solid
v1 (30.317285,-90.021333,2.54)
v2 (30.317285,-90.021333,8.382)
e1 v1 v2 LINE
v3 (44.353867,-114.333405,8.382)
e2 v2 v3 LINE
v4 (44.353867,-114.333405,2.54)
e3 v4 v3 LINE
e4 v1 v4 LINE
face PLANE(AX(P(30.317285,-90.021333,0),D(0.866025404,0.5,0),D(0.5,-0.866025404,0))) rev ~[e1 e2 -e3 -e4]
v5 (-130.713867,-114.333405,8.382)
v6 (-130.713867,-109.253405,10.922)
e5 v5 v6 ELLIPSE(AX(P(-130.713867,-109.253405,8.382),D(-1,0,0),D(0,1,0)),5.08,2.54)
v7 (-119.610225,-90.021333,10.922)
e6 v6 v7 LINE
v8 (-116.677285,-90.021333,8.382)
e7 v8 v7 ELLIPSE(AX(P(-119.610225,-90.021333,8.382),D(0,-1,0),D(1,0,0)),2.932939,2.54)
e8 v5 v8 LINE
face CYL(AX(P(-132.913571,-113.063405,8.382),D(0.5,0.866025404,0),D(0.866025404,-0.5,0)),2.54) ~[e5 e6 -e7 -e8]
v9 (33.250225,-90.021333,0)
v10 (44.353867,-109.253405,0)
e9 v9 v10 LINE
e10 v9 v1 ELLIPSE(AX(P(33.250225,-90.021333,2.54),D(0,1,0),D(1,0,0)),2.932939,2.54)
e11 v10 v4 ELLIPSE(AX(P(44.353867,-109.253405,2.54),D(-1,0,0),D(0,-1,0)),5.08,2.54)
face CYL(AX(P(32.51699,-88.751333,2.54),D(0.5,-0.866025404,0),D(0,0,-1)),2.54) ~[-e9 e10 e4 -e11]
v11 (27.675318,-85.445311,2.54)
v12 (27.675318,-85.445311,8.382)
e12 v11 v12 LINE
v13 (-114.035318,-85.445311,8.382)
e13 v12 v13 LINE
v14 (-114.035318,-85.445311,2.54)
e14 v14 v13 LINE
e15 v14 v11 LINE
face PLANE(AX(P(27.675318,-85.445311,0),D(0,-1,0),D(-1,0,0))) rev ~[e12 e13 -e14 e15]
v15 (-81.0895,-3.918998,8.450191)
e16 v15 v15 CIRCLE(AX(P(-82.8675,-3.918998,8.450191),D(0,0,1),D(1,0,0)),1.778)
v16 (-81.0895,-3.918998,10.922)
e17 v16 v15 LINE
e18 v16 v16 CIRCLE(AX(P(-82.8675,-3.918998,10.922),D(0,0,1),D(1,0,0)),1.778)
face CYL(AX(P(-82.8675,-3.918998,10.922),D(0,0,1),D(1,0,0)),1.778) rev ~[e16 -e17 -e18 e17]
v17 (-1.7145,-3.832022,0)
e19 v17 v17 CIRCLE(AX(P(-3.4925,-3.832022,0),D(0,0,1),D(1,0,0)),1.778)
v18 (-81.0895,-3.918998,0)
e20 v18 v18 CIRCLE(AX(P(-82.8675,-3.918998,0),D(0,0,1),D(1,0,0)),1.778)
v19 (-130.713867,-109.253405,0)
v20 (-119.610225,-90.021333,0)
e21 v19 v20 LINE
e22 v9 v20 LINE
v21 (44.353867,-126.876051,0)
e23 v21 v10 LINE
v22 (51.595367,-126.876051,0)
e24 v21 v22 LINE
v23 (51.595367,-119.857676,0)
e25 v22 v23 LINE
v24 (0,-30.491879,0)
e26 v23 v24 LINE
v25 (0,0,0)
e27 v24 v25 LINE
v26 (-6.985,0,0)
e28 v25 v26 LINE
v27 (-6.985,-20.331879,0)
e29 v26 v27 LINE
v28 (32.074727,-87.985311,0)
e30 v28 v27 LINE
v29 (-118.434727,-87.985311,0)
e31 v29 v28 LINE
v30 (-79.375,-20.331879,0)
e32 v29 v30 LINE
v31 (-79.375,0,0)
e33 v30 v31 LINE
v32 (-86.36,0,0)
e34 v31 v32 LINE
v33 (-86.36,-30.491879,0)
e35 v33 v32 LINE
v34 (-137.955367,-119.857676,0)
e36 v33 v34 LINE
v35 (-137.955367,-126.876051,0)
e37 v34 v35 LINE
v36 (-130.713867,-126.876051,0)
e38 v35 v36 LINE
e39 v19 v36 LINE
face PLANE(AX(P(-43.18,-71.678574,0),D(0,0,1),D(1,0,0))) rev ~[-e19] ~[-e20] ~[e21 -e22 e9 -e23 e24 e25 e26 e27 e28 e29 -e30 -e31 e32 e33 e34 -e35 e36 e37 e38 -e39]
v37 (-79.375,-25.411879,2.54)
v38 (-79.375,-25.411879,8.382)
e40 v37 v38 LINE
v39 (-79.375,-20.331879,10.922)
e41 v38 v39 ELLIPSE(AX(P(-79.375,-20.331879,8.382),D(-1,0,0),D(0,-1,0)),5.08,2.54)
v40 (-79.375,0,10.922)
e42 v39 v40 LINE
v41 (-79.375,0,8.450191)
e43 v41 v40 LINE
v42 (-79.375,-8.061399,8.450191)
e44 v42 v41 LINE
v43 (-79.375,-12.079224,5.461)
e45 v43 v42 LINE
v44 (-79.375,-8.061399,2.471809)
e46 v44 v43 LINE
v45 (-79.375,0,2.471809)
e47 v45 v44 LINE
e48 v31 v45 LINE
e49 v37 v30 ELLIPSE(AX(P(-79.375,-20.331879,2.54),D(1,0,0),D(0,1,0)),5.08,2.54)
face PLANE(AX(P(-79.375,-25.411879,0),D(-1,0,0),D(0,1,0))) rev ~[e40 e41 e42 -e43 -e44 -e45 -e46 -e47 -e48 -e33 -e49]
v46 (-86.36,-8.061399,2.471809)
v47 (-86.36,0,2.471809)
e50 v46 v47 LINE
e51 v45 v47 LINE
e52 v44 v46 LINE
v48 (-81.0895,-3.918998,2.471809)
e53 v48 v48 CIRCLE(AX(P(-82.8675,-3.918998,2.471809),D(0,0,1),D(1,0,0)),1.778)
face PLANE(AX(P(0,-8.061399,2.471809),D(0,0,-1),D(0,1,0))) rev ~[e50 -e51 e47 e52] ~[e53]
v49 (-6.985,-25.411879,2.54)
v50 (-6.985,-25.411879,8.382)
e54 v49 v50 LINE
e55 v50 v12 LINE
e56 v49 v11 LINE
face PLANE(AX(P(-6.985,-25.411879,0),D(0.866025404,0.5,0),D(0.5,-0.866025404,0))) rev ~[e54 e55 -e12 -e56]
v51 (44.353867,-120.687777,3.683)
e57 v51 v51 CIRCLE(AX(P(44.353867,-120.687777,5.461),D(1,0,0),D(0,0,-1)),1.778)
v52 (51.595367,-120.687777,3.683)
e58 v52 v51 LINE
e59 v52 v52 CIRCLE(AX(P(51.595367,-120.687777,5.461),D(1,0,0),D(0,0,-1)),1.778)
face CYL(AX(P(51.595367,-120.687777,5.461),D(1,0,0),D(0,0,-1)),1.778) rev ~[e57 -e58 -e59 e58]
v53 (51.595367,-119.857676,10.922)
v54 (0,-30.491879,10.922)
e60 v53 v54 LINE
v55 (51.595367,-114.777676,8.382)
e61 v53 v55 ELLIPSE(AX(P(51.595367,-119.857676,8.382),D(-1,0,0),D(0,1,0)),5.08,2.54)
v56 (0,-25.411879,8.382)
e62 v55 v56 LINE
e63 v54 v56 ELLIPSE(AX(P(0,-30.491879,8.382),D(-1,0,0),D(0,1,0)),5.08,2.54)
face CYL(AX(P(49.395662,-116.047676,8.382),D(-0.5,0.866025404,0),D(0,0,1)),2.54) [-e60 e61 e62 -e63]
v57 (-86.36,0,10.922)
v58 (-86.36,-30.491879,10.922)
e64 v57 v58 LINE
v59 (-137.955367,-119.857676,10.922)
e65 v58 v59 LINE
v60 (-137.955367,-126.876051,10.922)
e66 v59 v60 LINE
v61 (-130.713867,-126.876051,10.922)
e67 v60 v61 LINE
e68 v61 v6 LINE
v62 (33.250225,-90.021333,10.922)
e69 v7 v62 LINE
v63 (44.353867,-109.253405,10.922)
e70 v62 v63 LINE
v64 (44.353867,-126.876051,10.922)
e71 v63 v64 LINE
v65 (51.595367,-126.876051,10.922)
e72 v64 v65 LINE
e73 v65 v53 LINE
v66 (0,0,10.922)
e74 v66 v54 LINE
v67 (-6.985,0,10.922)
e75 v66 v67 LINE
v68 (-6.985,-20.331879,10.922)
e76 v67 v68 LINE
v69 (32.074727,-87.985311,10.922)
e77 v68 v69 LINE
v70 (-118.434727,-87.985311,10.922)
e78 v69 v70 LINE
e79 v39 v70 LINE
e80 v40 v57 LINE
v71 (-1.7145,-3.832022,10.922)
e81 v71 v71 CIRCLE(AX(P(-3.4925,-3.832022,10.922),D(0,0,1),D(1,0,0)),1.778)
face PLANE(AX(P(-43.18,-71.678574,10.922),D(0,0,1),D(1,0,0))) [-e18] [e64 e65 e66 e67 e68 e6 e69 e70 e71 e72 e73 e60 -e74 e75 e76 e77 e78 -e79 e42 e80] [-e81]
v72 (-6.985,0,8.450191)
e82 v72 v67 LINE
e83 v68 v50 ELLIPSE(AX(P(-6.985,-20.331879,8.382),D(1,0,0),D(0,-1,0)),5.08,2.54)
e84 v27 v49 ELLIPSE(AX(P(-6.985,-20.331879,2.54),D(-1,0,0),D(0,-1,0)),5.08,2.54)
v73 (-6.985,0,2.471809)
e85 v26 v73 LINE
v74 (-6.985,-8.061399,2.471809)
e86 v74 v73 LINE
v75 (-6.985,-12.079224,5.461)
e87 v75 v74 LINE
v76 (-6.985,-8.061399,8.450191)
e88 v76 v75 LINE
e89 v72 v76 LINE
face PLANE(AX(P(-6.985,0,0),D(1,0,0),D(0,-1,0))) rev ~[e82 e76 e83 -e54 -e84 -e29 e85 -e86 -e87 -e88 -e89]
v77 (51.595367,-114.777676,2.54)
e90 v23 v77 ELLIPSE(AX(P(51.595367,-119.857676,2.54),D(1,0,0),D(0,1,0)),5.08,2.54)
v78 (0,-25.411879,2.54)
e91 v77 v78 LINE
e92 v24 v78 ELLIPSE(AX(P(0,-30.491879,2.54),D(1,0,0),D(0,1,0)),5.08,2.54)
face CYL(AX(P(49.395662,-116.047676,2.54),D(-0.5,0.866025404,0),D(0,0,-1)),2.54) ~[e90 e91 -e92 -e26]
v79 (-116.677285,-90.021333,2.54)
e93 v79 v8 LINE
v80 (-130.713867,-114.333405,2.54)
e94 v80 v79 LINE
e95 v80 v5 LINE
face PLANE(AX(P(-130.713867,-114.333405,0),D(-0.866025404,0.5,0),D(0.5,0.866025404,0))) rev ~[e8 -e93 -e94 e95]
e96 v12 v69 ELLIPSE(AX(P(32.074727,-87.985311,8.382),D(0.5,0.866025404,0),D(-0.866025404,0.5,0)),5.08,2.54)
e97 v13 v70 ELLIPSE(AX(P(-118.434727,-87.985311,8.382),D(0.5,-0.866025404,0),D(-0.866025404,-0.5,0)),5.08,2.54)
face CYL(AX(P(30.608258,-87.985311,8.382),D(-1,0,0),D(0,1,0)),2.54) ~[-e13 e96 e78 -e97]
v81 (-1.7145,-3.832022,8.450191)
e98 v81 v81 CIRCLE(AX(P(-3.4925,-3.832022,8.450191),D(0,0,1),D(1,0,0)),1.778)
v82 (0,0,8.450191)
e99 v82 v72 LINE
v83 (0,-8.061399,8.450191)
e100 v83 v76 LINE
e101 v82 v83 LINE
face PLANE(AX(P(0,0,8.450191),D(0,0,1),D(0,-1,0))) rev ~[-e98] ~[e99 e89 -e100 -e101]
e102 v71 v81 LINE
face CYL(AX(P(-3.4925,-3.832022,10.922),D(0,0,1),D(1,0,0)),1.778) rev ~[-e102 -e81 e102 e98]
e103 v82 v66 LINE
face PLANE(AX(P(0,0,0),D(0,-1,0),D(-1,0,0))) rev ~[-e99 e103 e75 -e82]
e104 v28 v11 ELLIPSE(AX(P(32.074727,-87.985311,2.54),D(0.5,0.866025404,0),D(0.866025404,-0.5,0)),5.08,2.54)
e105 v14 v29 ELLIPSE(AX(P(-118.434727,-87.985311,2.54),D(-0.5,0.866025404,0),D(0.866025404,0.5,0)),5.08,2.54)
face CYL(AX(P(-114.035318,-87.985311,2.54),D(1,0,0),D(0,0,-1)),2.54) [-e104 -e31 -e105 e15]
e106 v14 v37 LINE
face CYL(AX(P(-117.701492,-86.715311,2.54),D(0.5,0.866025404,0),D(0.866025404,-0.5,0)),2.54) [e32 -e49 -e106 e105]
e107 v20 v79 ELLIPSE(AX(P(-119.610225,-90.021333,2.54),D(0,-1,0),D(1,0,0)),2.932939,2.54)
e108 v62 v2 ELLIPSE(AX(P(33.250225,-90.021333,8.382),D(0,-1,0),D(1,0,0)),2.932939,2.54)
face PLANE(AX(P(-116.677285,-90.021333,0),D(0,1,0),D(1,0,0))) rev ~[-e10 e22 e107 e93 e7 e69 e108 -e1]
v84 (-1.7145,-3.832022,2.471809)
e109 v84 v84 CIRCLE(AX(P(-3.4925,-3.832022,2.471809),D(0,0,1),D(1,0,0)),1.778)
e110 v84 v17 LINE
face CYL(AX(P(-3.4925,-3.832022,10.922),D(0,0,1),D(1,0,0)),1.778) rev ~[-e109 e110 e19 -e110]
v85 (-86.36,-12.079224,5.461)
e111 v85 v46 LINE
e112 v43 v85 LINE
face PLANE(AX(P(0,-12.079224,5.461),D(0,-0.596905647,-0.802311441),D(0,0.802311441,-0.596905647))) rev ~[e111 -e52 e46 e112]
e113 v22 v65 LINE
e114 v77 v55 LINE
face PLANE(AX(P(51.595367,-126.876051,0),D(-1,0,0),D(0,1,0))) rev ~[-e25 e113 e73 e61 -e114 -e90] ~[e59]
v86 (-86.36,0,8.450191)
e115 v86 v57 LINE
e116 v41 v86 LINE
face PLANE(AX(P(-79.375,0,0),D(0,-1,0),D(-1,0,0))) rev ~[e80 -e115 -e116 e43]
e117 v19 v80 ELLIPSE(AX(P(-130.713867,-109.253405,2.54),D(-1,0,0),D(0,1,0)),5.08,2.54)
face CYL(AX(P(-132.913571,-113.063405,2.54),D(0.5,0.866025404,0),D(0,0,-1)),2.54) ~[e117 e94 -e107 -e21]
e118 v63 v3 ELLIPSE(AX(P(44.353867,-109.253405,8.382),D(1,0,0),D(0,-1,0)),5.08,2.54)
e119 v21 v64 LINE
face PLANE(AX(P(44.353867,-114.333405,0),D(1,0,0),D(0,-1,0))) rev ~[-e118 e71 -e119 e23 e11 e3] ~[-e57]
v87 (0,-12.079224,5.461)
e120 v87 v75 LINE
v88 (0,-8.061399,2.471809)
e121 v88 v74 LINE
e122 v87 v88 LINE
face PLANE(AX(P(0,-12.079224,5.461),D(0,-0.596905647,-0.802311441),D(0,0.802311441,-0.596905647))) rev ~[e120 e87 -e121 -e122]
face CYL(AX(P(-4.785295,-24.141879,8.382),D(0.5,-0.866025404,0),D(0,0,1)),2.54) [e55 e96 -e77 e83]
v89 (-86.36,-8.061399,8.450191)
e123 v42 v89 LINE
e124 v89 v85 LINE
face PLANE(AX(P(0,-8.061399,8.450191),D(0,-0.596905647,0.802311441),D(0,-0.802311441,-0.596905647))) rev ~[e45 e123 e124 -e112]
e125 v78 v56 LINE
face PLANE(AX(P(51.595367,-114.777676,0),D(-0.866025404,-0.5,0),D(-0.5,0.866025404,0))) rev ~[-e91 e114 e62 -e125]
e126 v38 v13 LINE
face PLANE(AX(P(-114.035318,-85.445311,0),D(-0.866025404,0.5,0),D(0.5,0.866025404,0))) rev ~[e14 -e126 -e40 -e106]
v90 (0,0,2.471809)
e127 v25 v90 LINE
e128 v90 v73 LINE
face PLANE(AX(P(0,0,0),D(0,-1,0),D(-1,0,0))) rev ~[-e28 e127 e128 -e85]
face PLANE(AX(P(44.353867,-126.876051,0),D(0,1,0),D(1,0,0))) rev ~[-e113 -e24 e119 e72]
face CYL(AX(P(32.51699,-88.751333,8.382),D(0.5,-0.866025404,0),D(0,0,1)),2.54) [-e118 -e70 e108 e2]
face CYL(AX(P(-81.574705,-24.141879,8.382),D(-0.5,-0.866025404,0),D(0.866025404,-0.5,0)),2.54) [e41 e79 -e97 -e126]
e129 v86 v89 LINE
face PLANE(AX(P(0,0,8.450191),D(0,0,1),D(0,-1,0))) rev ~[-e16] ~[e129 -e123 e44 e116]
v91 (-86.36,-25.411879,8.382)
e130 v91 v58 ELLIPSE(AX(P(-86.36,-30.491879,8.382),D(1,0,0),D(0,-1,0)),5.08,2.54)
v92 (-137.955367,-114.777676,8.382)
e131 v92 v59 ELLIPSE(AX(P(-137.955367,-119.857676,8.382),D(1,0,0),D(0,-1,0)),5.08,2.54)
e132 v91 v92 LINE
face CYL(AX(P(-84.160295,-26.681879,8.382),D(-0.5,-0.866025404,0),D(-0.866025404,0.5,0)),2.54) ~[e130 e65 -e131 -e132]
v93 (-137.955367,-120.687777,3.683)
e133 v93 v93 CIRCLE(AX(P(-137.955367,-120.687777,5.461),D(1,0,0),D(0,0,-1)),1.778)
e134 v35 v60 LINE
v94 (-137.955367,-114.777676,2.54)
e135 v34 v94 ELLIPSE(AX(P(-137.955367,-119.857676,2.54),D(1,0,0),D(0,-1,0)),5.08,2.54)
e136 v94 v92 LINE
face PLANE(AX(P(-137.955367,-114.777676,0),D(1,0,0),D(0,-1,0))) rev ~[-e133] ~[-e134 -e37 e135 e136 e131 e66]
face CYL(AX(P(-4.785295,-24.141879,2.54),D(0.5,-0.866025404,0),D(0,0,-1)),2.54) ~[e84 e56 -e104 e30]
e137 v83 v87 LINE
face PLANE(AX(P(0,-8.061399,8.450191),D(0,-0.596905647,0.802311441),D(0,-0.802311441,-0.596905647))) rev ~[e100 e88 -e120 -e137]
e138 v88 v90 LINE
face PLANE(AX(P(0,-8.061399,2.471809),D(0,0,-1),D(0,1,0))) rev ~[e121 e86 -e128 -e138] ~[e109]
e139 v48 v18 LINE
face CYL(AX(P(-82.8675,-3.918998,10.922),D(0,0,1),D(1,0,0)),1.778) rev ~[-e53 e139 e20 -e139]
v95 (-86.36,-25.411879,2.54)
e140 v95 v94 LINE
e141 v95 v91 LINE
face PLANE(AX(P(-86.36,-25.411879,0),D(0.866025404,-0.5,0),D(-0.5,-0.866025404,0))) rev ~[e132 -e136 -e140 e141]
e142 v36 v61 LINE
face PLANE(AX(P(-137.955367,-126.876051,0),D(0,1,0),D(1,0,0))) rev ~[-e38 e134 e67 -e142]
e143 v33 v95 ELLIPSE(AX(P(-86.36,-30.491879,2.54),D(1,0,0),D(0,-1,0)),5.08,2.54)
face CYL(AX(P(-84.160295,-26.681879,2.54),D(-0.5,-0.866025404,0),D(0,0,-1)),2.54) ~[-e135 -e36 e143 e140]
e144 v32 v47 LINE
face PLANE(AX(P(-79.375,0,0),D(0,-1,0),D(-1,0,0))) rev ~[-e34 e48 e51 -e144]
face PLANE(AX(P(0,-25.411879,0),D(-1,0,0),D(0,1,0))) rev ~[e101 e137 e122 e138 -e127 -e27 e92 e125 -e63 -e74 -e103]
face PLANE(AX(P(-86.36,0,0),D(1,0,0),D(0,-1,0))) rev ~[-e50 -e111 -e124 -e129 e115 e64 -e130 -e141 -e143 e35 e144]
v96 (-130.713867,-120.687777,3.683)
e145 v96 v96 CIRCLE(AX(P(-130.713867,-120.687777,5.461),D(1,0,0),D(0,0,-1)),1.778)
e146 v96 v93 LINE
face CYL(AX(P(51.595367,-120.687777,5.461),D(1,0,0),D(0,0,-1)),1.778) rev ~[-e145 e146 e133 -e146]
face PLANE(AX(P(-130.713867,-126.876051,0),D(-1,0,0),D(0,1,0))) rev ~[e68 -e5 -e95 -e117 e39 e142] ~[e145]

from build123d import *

# Parameters (mm, degrees)
BOSS_EXTRUDE1_DEPTH = 10.922
CUT_EXTRUDE1_DEPTH  = 114.427
SKETCH4_R           = 1.778
CUT_EXTRUDE2_DEPTH  = 114.427
SKETCH5_R           = 1.778
CUT_EXTRUDE3_DEPTH  = 114.427
SKETCH6_R           = 1.778
CUT_EXTRUDE4_DEPTH  = 251.079
FILLET1_R           = 2.54
FILLET2_R           = 2.54
FILLET3_R           = 2.54
FILLET4_R           = 2.54
FILLET5_R           = 2.54
FILLET6_R           = 2.54


with BuildPart() as part:
    # Sketch1 → Boss-Extrude1 (new body)
    with BuildSketch(Plane.XY):
        Polygon((0, -25.411879188), (0, 0), (-6.985, 0), (-6.985, -25.411879188), (27.675318213, -85.445311339), (-114.035318213, -85.445311339), (-79.375, -25.411879188), (-79.375, 0), (-86.36, 0), (-86.36, -25.411879188), (-137.955366837, -114.777675985), (-137.955366837, -126.876050876), (-130.713866793, -126.876050876), (-130.713866793, -114.333404876), (-116.677285334, -90.021332625), (30.317285334, -90.021332625), (44.353866793, -114.333404876), (44.353866793, -126.876050876), (51.595366837, -126.876050876), (51.595366837, -114.777675985), align=None)
    extrude(amount=BOSS_EXTRUDE1_DEPTH)

    # Sketch3 → Cut-Extrude1 (cut)
    with BuildSketch(Plane(origin=(0, 0, 0), x_dir=(0, 0, -1), z_dir=(1, 0, 0))):
        Polygon((-2.471808629, 0), (-2.492726697, 0), (-8.450191371, 0), (-8.450191371, -8.061399091), (-5.461, -12.079224104), (-2.471808629, -8.061399091), align=None)
    extrude(amount=-CUT_EXTRUDE1_DEPTH, mode=Mode.SUBTRACT)

    # Sketch4 → Cut-Extrude2 (cut)
    with BuildSketch(Plane.XY.offset(10.922)):
        with Locations((-3.4925, -3.83202166)):
            Circle(SKETCH4_R)
    extrude(amount=-CUT_EXTRUDE2_DEPTH, mode=Mode.SUBTRACT)

    # Sketch5 → Cut-Extrude3 (cut)
    with BuildSketch(Plane.XY.offset(10.922)):
        with Locations((-82.8675, -3.918997874)):
            Circle(SKETCH5_R)
    extrude(amount=-CUT_EXTRUDE3_DEPTH, mode=Mode.SUBTRACT)

    # Sketch6 → Cut-Extrude4 (cut)
    with BuildSketch(Plane(origin=(51.595366837, 0, 0), x_dir=(0, 0, -1), z_dir=(1, 0, 0))):
        with Locations((-5.461, -120.687777383)):
            Circle(SKETCH6_R)
    extrude(amount=-CUT_EXTRUDE4_DEPTH, mode=Mode.SUBTRACT)

    # Fillet1
    fillet1_edges = [part.edges().sort_by_distance(p)[0] for p in [
        (37.335576064, -102.177368751, 10.922),
        (25.797683419, -70.094777586, 10.922),
        (10.345159107, -55.428595263, 10.922),
    ]]
    fillet(fillet1_edges, radius=FILLET1_R)

    # Fillet2
    fillet2_edges = [part.edges().sort_by_distance(p)[0] for p in [
        (10.345159107, -55.428595263, 0),
        (25.797683419, -70.094777586, 0),
        (37.335576064, -102.177368751, 0),
    ]]
    fillet(fillet2_edges, radius=FILLET2_R)

    # Fillet3
    fillet3_edges = [part.edges().sort_by_distance(p)[0] for p in [
        (-41.713530316, -85.445311339, 10.922),
    ]]
    fillet(fillet3_edges, radius=FILLET3_R)

    # Fillet4
    fillet4_edges = [part.edges().sort_by_distance(p)[0] for p in [
        (-41.713530316, -85.445311339, 0),
    ]]
    fillet(fillet4_edges, radius=FILLET4_R)

    # Fillet5
    fillet5_edges = [part.edges().sort_by_distance(p)[0] for p in [
        (-97.438393948, -56.698595263, 0),
        (-123.695576064, -102.177368751, 10.922),
        (-112.157683419, -70.094777586, 10.922),
        (-97.438393948, -56.698595263, 10.922),
    ]]
    fillet(fillet5_edges, radius=FILLET5_R)

    # Fillet6
    fillet6_edges = [part.edges().sort_by_distance(p)[0] for p in [
        (-112.157683419, -70.094777586, 0),
        (-123.695576064, -102.177368751, 0),
    ]]
    fillet(fillet6_edges, radius=FILLET6_R)


solid = part.part
